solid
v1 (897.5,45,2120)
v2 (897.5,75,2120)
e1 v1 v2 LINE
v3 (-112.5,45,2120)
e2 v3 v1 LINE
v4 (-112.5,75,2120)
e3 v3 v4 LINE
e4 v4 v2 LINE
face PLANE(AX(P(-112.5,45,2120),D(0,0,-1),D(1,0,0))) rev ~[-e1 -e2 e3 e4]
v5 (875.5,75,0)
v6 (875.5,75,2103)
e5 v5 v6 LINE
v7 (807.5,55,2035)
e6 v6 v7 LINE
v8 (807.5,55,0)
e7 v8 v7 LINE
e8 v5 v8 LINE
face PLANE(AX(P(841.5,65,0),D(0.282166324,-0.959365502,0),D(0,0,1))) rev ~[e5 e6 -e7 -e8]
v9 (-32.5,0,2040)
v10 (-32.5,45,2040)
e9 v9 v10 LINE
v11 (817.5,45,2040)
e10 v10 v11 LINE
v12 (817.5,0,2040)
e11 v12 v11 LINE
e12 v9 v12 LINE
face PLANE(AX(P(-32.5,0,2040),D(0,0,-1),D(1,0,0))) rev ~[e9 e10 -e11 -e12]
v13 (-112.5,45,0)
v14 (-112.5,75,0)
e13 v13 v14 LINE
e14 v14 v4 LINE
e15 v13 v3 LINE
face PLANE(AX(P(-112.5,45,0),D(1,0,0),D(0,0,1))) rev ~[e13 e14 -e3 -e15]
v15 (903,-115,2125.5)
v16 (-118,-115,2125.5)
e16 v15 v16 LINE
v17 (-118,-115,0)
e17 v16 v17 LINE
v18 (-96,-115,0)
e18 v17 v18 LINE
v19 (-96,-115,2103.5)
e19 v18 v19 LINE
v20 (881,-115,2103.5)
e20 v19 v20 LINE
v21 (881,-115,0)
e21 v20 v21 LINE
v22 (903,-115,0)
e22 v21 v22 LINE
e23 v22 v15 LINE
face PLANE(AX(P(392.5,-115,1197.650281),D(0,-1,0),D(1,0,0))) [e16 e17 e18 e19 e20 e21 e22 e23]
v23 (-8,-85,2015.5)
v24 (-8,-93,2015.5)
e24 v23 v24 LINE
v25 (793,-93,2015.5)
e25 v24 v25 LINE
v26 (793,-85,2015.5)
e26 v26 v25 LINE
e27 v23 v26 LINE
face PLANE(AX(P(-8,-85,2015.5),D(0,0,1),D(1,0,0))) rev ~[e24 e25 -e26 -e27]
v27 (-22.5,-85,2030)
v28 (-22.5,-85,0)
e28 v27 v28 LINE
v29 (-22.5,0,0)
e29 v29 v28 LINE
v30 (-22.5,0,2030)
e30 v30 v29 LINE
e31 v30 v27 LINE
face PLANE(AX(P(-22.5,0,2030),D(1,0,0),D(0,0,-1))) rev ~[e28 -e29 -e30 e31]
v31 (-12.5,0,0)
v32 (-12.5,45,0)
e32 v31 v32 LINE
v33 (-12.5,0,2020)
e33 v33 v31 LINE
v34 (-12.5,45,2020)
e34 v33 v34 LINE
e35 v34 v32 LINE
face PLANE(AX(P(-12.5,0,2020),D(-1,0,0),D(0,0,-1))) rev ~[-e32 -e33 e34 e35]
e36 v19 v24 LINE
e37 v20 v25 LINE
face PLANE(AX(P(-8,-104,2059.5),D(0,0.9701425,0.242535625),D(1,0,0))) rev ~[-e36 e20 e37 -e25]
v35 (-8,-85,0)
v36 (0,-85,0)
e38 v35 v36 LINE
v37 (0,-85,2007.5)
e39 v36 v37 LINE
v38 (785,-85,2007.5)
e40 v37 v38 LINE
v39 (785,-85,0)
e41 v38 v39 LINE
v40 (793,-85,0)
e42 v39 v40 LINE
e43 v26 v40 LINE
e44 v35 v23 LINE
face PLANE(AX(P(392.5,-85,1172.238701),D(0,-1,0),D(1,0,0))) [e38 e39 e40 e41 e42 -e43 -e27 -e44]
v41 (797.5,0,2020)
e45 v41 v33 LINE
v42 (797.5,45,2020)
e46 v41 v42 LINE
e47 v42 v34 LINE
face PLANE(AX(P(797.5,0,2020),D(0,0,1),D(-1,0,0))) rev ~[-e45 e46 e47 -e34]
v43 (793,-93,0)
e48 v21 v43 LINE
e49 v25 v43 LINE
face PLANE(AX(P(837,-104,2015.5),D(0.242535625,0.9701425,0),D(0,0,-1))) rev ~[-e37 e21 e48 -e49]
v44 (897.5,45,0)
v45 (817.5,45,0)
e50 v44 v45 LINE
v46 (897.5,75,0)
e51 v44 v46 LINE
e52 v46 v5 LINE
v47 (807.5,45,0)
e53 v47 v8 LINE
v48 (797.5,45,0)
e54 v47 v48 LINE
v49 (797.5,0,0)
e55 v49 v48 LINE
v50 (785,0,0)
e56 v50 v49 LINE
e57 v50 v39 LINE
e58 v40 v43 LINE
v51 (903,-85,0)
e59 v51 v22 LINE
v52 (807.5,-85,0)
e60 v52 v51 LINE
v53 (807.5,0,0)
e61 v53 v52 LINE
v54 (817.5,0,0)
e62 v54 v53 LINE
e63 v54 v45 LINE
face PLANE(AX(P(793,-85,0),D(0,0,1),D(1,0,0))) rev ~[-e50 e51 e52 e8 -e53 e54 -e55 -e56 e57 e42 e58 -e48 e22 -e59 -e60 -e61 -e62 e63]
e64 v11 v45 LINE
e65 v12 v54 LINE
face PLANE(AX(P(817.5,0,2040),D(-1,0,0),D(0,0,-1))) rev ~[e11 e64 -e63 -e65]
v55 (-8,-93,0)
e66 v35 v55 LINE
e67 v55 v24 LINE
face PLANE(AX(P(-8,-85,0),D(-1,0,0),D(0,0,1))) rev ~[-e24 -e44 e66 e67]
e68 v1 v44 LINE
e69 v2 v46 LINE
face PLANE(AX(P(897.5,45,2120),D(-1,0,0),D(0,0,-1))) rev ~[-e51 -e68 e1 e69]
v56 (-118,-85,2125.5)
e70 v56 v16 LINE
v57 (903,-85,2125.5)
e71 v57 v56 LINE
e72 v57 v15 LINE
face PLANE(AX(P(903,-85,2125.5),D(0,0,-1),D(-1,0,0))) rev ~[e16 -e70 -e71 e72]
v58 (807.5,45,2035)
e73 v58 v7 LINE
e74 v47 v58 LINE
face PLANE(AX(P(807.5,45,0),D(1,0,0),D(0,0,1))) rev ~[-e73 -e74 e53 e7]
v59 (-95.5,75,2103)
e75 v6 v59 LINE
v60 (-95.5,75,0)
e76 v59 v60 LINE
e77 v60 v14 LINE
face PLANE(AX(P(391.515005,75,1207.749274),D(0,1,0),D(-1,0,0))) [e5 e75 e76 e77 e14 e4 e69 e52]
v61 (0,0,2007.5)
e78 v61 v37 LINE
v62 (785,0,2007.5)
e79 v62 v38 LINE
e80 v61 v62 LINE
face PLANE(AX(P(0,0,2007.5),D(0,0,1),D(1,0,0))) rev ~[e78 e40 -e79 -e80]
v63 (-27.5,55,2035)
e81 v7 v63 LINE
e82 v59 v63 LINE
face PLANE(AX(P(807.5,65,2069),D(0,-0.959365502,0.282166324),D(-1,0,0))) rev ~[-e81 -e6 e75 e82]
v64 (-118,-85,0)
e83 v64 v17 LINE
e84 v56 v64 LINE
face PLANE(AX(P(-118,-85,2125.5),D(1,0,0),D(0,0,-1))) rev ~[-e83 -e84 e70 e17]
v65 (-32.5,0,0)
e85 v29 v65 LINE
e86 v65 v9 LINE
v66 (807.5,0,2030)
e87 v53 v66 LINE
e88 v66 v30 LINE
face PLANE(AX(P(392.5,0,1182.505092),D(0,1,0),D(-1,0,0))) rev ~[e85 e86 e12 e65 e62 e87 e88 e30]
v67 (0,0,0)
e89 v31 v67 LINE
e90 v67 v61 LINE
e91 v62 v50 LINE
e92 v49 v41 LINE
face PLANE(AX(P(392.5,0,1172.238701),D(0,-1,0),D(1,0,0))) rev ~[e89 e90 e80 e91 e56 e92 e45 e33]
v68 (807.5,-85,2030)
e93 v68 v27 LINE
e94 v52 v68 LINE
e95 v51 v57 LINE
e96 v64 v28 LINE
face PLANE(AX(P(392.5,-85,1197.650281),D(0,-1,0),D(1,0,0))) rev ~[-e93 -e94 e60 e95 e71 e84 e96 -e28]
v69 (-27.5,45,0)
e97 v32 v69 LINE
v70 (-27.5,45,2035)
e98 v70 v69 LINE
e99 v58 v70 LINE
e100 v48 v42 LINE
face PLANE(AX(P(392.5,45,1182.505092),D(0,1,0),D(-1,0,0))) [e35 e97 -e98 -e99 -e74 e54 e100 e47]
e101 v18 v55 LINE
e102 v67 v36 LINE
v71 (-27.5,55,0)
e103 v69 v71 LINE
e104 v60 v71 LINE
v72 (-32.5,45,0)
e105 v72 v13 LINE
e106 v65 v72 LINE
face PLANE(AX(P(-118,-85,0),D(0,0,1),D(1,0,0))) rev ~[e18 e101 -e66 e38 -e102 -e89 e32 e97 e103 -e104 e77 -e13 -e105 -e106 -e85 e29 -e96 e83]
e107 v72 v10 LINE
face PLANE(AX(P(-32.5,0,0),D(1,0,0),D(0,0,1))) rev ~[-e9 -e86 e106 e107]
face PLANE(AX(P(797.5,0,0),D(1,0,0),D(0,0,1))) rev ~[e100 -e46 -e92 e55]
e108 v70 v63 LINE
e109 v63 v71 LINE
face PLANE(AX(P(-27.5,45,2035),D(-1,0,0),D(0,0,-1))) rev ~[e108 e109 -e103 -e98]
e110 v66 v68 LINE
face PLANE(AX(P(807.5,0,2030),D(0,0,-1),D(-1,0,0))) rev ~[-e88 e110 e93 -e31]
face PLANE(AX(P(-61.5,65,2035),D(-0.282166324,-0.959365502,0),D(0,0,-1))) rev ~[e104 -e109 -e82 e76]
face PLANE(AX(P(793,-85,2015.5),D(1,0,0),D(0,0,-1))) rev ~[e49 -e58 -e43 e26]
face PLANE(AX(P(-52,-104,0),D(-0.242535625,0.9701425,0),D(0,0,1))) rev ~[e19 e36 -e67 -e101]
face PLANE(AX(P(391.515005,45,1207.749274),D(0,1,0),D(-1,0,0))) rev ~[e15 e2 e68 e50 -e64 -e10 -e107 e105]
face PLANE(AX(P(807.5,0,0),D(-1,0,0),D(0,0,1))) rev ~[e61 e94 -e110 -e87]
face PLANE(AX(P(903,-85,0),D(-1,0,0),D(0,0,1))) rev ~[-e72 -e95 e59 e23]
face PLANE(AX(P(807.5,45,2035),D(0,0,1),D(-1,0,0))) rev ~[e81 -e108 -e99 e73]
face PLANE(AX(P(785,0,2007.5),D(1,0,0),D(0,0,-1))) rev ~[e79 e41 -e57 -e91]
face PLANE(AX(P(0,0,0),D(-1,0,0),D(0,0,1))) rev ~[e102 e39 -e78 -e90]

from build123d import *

# Parameters (mm, degrees)
F1_DEPTH = 85
F3_DEPTH = 45
F5_DEPTH = 30
F6_SIZE2 = 20
F6_SIZE  = 68
F8_DEPTH = 30
F9_SIZE2 = 22
F9_SIZE  = 88


with BuildPart() as f1:
    # F0 (on Front) → F1 (new body)
    with BuildSketch(Plane.XZ):
        Polygon((-22.5, 0), (0, 0), (0, 2007.5), (785, 2007.5), (785, 0), (807.5, 0), (807.5, 2030), (-22.5, 2030), align=None)
    extrude(amount=F1_DEPTH)

    # F2 (on face) → F3 (join)
    with BuildSketch(Plane(origin=(0, 0, 0), x_dir=(-1, 0, 0), z_dir=(0, 1, 0))):
        Polygon((12.5, 0), (22.5, 0), (32.5, 0), (32.5, 2040), (-817.5, 2040), (-817.5, 0), (-807.5, 0), (-797.5, 0), (-797.5, 2020), (12.5, 2020), align=None)
    extrude(amount=F3_DEPTH)

    # F4 (on face) → F5 (join)
    with BuildSketch(Plane(origin=(0, 45, 0), x_dir=(-1, 0, 0), z_dir=(0, 1, 0))):
        Polygon((-897.5, 0), (-817.5, 0), (-807.5, 0), (-807.5, 2035), (27.5, 2035), (27.5, 0), (32.5, 0), (112.5, 0), (112.5, 2120), (-897.5, 2120), align=None)
    extrude(amount=F5_DEPTH)

    # F6
    f6_edges = [f1.edges().sort_by_distance(p)[0] for p in [
        (390, 75, 2035),
        (-27.5, 75, 1017.5),
        (807.5, 75, 1017.5),
    ]]
    f6_side = f1.faces().sort_by_distance((852.5, 75, 23.482973))[0]
    chamfer(f6_edges, length=F6_SIZE, length2=F6_SIZE2, reference=f6_side)

    # F7 (on face) → F8 (join)
    with BuildSketch(Plane.XZ.offset(85)):
        Polygon((-118, 0), (-8, 0), (-8, 2015.5), (793, 2015.5), (793, 0), (903, 0), (903, 2125.5), (-118, 2125.5), align=None)
    extrude(amount=F8_DEPTH)

    # F9
    f9_edges = [f1.edges().sort_by_distance(p)[0] for p in [
        (793, -115, 1007.75),
        (392.5, -115, 2015.5),
        (-8, -115, 1007.75),
    ]]
    f9_side = f1.faces().sort_by_distance((-63, -115, 23.580058))[0]
    chamfer(f9_edges, length=F9_SIZE, length2=F9_SIZE2, reference=f9_side)


solid = f1.part
